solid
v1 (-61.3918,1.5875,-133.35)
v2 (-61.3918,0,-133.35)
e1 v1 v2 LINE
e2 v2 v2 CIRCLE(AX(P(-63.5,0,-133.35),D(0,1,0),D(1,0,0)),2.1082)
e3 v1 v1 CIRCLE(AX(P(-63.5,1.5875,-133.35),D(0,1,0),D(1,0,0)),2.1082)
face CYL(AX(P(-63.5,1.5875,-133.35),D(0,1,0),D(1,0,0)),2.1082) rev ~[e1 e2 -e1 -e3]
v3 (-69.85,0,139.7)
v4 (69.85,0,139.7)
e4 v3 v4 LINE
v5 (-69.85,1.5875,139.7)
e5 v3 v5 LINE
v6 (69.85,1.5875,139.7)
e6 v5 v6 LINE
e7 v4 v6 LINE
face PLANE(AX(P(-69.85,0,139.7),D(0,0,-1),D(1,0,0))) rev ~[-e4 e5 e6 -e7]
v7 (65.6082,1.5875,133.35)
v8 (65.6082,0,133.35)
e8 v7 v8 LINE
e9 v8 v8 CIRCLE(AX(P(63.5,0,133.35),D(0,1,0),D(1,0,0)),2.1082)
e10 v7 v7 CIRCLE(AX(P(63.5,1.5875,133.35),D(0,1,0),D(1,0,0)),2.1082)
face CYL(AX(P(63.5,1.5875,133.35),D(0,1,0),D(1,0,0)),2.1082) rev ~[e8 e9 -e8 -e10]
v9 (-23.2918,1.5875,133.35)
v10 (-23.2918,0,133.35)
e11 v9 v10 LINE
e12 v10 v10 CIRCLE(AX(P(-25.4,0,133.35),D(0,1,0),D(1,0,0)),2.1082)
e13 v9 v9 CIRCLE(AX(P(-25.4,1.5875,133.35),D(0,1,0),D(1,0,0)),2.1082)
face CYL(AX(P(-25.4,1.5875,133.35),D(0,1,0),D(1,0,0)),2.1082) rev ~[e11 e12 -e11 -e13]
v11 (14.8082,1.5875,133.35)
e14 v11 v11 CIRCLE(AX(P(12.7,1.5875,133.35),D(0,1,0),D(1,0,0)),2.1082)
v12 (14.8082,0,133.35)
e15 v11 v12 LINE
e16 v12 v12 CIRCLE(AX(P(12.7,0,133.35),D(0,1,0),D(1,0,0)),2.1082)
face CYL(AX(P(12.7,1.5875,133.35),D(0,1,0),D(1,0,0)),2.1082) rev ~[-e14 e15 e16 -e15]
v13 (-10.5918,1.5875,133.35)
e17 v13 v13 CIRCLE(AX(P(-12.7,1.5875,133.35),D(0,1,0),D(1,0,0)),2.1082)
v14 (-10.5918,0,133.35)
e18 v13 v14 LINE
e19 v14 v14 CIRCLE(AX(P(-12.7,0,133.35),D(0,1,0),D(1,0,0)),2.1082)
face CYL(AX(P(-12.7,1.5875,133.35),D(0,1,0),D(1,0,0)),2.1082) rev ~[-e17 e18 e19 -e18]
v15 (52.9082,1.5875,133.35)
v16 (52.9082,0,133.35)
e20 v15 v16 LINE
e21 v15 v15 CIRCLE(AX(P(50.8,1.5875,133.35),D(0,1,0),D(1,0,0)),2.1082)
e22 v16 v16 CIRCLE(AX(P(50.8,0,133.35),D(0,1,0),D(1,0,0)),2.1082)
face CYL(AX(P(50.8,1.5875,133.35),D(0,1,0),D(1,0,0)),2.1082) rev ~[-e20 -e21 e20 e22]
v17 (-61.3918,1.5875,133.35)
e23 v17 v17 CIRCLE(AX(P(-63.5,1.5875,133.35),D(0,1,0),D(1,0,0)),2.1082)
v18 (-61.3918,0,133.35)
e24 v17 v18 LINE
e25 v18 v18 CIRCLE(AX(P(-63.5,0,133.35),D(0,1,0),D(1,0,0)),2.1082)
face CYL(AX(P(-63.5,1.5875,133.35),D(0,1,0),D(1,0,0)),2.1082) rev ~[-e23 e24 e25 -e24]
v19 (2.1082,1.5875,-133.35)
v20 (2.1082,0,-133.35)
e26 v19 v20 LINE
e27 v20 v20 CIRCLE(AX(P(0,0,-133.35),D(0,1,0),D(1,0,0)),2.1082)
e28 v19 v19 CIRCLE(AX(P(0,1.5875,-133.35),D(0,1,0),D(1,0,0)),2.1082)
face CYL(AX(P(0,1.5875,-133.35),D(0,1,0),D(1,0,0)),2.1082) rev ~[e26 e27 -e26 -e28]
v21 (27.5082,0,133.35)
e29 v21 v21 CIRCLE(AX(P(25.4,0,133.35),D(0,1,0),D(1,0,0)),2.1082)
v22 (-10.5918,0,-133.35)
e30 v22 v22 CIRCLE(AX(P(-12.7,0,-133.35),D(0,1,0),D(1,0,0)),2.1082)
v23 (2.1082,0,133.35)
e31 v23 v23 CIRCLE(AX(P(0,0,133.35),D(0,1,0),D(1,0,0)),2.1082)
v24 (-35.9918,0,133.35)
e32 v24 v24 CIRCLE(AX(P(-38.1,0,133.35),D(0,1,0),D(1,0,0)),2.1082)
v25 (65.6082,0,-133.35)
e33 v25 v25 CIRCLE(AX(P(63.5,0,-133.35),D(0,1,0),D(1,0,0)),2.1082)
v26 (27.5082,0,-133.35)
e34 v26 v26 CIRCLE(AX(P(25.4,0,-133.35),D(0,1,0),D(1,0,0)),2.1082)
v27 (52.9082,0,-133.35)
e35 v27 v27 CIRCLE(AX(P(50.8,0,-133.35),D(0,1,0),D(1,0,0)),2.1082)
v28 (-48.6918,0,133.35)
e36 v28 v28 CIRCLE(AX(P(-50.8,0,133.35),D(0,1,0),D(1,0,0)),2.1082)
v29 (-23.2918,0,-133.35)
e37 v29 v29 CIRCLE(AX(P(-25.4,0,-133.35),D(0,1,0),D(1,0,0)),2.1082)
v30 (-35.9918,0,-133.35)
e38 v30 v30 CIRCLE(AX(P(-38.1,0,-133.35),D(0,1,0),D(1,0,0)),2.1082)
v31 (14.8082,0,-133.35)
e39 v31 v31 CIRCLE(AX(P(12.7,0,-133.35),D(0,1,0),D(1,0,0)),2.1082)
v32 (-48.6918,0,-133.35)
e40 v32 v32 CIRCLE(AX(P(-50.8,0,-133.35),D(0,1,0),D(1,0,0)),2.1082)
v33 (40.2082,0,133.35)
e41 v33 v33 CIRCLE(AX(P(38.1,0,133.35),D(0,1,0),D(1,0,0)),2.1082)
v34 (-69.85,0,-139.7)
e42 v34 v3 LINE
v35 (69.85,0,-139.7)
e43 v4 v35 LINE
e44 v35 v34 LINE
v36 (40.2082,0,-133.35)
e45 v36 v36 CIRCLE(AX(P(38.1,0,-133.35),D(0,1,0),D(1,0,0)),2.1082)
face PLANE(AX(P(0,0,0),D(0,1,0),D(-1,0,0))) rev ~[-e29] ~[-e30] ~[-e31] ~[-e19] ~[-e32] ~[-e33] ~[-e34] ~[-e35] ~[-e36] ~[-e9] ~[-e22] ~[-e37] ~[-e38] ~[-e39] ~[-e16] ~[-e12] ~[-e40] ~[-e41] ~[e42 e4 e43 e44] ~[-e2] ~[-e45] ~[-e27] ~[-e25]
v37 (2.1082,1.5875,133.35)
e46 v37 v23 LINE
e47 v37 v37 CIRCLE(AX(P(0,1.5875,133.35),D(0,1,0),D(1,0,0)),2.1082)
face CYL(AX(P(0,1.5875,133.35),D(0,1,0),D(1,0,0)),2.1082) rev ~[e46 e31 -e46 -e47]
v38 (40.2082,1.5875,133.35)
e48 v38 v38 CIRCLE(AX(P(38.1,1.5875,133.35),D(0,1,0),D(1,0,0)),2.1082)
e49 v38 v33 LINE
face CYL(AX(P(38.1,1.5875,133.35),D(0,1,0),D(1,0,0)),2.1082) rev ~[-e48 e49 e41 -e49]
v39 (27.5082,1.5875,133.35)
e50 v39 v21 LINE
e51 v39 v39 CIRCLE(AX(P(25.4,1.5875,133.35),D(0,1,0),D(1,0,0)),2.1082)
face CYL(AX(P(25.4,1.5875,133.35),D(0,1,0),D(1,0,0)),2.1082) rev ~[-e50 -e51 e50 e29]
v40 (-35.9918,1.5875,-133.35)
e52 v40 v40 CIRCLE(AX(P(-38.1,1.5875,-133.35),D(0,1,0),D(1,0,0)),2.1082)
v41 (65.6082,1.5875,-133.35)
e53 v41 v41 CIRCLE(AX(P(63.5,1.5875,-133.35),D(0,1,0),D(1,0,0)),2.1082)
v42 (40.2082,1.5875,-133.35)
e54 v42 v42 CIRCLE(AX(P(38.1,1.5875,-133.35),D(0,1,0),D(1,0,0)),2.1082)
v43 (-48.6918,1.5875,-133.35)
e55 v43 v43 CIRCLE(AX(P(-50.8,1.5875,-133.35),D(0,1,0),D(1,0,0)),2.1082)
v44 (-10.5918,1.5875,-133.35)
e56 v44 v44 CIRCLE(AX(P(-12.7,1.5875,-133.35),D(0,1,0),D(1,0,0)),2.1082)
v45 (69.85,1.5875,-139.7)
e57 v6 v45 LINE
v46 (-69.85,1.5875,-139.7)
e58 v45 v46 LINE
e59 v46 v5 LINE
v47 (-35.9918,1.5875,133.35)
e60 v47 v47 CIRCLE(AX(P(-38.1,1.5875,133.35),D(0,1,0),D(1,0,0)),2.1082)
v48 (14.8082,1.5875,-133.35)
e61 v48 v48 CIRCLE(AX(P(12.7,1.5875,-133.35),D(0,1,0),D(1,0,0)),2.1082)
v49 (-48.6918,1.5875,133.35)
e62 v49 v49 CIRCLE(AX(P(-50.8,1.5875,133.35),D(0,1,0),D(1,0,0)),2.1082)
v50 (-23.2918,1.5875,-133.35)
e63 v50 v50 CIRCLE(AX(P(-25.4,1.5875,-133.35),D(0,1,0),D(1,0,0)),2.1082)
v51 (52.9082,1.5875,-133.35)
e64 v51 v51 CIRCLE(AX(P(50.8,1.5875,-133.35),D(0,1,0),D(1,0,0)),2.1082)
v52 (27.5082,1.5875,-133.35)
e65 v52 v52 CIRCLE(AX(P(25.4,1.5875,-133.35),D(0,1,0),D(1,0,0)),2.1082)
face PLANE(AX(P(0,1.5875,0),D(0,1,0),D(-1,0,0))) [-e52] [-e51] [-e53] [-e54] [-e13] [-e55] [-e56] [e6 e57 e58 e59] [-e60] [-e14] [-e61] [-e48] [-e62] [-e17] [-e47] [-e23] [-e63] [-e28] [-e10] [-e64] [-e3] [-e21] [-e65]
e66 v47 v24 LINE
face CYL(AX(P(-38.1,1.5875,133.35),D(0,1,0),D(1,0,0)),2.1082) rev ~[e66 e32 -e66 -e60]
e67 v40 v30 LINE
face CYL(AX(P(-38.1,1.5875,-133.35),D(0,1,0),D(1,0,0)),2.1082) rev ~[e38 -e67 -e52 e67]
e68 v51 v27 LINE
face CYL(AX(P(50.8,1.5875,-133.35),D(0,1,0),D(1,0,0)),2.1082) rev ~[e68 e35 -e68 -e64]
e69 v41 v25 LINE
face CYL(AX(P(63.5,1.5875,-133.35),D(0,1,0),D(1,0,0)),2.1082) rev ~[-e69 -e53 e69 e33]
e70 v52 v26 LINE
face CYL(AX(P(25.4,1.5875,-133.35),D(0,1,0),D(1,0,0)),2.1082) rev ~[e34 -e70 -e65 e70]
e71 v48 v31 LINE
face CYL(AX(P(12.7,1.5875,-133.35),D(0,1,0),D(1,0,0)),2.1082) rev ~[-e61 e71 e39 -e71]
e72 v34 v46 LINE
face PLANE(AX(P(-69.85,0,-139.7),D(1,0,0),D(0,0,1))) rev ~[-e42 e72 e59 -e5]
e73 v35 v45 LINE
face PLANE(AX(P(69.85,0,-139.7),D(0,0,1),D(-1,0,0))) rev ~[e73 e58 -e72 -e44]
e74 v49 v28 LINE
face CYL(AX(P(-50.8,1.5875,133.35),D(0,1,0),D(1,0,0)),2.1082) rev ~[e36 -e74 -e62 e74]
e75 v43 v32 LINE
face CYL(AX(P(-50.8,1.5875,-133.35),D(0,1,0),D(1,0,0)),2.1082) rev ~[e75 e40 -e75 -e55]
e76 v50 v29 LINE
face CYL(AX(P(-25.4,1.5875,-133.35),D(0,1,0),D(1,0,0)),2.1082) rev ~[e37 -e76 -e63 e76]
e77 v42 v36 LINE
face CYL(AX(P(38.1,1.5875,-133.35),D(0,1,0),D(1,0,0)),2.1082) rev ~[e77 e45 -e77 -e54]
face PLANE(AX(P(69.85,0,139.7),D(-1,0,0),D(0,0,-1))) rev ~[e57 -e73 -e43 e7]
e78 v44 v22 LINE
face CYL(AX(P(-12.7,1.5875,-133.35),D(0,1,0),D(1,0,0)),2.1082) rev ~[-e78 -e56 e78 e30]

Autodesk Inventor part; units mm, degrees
ref_plane "YZ Plane" through (0, 0, 0) normal (1, 0, 0) x (0, 1, 0)
ref_plane "XZ Plane" through (0, 0, 0) normal (0, 1, 0) x (-1, 0, 0)
ref_plane "XY Plane" through (0, 0, 0) normal (0, 0, 1) x (1, 0, 0)
sketch "Sketch1" plane through (0, 0, 0) normal (0, 1, 0) x (-1, 0, 0)
  line L0 (-69.85, -139.7) -> (69.85, -139.7)
  line L1 (69.85, -139.7) -> (69.85, 139.7)
  line L2 (69.85, 139.7) -> (-69.85, 139.7)
  line L3 (-69.85, 139.7) -> (-69.85, -139.7)
  line L4 (-69.85, -139.7) -> (69.85, 139.7) construction
  line L5 (69.85, -139.7) -> (-69.85, 139.7) construction
  point P0 (0, 0)
  dimension "d0" = 139.7
  dimension "d1" = 279.4
extrude "Extrusion1" add sketch "Sketch1" along normal blind 1.5875
sketch "Sketch2" plane through (0, 1.5875, 0) normal (0, 1, 0) x (1, 0, 0)
  circle A0 centre (-63.5, 133.35) radius 2.1082
  line L0 (-69.85, 139.7) -> (-69.85, -139.7) projected
  line L1 (69.85, 139.7) -> (-69.85, 139.7) projected
  point P0 (0, 0)
  dimension "d4" = 4.2164
  dimension "d5" = 6.35
  dimension "d6" = 6.35
extrude "Extrusion2" cut sketch "Sketch2" against normal blind 1.5875
pattern_linear "Rectangular Pattern1" count 11 spacing 12.7 along (1, 0, 0) count 2 spacing 266.7 along (0, 0, 1) of "Extrusion2"
properties part number "Blocker"
